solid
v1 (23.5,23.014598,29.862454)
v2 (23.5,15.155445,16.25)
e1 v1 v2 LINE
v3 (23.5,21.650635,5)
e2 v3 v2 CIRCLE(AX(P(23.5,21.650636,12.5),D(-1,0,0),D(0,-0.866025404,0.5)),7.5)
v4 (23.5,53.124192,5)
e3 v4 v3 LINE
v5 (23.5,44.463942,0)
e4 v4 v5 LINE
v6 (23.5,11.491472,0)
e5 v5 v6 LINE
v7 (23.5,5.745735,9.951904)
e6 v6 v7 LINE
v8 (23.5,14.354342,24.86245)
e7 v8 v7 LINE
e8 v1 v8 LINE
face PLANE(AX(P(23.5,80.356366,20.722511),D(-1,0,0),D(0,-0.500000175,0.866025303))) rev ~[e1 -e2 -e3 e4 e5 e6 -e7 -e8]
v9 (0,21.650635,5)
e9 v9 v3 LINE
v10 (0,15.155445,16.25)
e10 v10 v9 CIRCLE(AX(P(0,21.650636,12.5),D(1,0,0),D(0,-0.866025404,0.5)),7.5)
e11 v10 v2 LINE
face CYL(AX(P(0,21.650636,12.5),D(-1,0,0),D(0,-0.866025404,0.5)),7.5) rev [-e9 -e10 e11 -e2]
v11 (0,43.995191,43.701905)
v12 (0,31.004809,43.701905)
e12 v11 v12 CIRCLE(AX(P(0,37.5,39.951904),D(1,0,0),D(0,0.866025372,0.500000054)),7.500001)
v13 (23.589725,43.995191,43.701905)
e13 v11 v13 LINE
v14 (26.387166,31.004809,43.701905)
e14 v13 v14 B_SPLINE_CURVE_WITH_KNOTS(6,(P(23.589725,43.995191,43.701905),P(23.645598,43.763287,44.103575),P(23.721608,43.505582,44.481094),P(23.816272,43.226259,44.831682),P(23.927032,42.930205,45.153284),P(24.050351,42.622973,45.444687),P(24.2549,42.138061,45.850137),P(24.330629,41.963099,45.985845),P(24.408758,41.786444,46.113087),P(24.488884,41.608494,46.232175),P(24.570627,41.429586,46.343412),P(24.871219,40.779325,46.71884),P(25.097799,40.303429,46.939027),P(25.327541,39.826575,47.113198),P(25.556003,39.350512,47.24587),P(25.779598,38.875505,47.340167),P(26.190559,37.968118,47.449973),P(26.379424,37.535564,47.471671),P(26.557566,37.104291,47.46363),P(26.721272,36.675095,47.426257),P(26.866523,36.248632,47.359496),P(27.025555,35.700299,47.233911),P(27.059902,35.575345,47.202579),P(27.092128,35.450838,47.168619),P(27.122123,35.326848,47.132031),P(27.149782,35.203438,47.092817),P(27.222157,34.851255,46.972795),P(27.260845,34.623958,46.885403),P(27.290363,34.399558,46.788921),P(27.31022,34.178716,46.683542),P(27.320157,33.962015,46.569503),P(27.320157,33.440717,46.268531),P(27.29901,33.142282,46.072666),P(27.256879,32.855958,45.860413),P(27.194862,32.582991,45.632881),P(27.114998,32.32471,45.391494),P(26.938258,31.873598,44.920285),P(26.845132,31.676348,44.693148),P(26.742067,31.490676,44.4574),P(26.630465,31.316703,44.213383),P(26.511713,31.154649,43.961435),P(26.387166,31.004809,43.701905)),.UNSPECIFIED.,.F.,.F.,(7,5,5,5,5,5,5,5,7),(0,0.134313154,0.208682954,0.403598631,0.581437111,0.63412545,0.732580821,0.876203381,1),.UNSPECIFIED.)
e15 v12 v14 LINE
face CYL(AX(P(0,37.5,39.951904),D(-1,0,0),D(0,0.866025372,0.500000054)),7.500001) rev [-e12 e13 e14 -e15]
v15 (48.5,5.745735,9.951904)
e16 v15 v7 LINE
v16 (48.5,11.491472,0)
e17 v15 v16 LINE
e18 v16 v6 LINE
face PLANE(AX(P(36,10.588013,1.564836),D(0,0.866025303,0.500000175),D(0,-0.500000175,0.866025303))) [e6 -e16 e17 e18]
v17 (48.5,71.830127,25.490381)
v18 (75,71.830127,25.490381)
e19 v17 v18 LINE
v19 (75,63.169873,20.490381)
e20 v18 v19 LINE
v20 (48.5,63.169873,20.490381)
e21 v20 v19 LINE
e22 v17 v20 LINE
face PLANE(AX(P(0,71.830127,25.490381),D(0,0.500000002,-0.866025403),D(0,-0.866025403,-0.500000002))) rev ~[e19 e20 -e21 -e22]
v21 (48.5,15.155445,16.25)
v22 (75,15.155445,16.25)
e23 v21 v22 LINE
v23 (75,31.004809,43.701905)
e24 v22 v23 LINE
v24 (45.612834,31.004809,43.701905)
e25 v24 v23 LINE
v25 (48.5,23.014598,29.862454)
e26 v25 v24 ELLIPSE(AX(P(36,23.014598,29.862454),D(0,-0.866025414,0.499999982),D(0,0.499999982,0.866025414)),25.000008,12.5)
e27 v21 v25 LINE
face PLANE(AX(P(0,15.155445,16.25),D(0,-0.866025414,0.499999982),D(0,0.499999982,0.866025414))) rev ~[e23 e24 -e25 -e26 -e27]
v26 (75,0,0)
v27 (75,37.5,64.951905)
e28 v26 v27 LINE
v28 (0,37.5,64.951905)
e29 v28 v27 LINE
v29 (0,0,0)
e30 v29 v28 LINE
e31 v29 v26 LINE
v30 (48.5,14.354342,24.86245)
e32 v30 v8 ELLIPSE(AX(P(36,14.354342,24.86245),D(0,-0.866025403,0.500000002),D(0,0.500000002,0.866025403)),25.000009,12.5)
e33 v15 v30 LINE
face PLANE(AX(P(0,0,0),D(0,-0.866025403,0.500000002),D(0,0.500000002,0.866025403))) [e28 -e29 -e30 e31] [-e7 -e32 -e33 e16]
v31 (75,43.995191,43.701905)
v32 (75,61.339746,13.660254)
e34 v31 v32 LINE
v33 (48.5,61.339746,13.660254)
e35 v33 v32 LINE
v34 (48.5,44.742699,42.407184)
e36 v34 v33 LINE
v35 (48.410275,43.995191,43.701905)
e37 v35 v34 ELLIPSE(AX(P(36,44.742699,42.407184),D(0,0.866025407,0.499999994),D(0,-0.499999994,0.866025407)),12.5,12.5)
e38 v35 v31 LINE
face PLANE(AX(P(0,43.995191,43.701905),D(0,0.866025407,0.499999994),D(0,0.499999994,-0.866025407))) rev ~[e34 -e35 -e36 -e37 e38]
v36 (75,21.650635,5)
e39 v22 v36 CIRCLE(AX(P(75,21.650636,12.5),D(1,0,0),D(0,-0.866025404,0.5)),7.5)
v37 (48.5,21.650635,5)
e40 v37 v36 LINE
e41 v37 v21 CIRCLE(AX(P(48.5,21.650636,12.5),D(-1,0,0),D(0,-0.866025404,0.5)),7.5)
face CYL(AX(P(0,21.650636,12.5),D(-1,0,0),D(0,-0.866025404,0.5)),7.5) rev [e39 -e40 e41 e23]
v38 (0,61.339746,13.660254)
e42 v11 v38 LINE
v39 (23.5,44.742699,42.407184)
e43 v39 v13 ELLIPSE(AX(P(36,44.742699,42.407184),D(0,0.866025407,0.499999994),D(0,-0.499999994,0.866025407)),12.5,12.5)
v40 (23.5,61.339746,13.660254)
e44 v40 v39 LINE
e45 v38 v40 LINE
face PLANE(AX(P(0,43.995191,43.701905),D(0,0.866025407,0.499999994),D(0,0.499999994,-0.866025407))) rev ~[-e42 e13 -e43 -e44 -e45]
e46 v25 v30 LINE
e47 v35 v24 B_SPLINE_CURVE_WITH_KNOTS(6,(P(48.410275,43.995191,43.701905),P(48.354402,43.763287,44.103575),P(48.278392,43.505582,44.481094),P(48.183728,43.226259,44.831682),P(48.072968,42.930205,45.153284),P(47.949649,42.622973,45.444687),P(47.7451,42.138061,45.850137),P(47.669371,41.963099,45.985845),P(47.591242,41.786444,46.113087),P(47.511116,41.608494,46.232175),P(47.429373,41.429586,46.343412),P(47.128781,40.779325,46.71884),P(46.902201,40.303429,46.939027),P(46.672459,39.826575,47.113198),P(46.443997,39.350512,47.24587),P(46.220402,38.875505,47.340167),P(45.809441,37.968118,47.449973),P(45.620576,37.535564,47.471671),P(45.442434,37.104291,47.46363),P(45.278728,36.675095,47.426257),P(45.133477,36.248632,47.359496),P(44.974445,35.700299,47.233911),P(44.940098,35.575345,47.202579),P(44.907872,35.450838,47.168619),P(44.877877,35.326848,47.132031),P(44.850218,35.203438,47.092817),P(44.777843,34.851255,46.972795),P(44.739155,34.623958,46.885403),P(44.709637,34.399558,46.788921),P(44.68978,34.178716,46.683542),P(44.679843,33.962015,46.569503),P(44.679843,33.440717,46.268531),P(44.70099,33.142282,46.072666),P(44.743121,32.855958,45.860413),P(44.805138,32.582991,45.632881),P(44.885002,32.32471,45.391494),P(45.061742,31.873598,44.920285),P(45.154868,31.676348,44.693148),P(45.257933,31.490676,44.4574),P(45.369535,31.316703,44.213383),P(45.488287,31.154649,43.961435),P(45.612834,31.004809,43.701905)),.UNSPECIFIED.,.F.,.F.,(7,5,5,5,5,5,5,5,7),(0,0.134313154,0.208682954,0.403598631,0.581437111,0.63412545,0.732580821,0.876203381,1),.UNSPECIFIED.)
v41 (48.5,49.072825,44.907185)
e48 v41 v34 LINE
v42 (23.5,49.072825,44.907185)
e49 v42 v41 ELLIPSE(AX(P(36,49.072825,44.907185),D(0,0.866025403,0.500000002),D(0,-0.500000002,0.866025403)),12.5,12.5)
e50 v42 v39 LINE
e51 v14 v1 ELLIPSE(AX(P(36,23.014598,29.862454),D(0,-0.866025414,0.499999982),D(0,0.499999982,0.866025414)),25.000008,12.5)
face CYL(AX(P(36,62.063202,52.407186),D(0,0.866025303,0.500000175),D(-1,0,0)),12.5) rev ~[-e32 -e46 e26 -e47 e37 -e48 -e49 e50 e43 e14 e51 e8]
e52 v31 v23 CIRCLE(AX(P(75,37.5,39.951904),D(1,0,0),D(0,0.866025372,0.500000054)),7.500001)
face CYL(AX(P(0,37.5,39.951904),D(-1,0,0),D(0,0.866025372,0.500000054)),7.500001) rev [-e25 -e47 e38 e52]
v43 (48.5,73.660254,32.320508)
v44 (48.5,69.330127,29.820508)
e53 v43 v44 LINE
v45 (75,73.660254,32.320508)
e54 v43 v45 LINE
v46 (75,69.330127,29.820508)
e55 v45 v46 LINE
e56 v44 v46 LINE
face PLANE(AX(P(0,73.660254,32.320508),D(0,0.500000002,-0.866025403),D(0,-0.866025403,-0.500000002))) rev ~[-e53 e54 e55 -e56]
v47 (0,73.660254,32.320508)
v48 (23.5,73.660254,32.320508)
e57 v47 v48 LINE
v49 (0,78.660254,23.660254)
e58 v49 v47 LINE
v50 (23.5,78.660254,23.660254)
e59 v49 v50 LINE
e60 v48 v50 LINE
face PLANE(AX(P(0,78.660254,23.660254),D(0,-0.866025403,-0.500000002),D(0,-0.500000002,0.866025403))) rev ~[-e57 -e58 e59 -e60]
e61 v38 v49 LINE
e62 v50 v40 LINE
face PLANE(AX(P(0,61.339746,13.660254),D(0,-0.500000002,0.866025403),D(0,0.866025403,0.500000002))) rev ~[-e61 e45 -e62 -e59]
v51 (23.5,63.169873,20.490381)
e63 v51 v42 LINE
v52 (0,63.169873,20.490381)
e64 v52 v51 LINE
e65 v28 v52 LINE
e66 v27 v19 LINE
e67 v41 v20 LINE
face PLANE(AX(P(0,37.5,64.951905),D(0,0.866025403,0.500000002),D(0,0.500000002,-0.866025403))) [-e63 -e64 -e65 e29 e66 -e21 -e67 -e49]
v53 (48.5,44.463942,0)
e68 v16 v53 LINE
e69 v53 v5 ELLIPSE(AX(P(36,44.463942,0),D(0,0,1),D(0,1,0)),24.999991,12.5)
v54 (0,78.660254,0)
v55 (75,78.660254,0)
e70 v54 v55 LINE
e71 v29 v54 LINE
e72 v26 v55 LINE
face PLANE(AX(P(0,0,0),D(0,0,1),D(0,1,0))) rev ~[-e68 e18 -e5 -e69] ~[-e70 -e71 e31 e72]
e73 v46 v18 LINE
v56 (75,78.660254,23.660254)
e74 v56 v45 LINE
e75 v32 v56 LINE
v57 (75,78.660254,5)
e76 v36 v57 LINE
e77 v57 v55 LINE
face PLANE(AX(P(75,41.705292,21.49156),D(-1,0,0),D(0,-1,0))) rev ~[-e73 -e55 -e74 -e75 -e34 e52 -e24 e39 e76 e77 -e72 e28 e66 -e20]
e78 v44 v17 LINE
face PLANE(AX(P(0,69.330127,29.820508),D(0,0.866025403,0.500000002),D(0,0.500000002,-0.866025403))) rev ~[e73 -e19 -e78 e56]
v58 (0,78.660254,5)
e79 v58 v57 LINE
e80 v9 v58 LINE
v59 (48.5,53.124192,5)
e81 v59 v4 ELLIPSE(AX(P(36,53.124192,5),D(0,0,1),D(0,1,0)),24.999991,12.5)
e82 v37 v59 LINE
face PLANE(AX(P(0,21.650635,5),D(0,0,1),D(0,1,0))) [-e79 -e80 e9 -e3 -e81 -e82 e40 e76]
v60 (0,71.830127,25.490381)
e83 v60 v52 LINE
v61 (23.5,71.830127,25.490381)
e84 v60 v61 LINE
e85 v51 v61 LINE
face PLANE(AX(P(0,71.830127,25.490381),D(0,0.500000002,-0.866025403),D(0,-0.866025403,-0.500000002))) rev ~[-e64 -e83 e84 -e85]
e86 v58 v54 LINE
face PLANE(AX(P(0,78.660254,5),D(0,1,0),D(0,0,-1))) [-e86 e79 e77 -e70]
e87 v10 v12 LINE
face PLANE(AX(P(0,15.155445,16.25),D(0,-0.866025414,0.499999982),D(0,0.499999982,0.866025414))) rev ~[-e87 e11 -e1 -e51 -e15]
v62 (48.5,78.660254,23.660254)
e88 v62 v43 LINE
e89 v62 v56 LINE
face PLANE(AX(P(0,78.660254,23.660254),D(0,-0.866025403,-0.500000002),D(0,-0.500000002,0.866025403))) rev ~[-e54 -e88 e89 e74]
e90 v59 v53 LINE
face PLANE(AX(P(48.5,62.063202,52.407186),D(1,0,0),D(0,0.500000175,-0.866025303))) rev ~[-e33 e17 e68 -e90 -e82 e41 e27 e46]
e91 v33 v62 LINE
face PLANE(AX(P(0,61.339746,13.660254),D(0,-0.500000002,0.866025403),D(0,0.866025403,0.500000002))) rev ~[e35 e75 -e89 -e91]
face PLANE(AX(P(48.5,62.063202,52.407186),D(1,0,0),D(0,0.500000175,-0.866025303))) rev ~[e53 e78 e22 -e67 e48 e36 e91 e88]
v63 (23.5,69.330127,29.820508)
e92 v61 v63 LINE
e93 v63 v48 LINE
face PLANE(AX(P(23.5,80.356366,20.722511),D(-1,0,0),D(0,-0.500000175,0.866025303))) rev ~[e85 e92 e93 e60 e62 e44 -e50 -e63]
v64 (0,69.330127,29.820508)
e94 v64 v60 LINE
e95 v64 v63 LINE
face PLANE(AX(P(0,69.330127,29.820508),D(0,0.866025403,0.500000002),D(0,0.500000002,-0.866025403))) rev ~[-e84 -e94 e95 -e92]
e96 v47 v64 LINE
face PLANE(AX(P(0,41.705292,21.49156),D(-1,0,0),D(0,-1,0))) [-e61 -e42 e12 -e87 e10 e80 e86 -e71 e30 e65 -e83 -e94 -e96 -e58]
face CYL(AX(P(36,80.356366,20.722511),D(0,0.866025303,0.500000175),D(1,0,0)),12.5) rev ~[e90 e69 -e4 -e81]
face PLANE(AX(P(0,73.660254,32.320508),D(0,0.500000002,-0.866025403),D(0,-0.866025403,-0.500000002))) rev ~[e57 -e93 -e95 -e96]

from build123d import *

# Parameters (mm, degrees)
PAD_DEPTH    = 75
POCKET_DEPTH = 70


with BuildPart() as part:
    # Sketch → Pad (new body)
    with BuildSketch(Plane.YZ):
        with BuildLine():
            Line((0, 0), (37.5, 64.951905))
            Line((37.5, 64.951905), (63.169873, 20.490381))
            Line((71.830127, 25.490381), (63.169873, 20.490381))
            Line((69.330127, 29.820508), (71.830127, 25.490381))
            Line((73.660254, 32.320508), (69.330127, 29.820508))
            Line((78.660254, 23.660254), (73.660254, 32.320508))
            Line((61.339746, 13.660254), (78.660254, 23.660254))
            Line((43.995191, 43.701905), (61.339746, 13.660254))
            ThreePointArc((43.995191, 43.701905), (37.5, 47.451905), (31.004809, 43.701905))
            Line((15.155445, 16.25), (31.004809, 43.701905))
            ThreePointArc((15.155445, 16.25), (15.155445, 8.75), (21.650635, 5))
            Line((21.650635, 5), (66.339746, 5))
            Line((66.339746, 5), (78.660254, 5))
            Line((78.660254, 5), (78.660254, 0))
            Line((0, 0), (78.660254, 0))
        make_face()
    extrude(amount=PAD_DEPTH)

    # Sketch001 (on DatumPlane) → Pocket (cut)
    with BuildSketch(Plane(origin=(0, 69.240381, 39.975953), x_dir=(0, -0.5, 0.866025), z_dir=(0, 0.866025, 0.5))):
        with BuildLine():
            ThreePointArc((14.354353, 23.5), (26.854353, 36), (14.354353, 48.5))
            Line((14.354353, 48.5), (-22.231963, 48.5))
            ThreePointArc((-22.231963, 48.5), (-34.731963, 36), (-22.231963, 23.5))
            Line((-22.231963, 23.5), (14.354353, 23.5))
        make_face()
    extrude(amount=-POCKET_DEPTH, mode=Mode.SUBTRACT)


solid = part.part
